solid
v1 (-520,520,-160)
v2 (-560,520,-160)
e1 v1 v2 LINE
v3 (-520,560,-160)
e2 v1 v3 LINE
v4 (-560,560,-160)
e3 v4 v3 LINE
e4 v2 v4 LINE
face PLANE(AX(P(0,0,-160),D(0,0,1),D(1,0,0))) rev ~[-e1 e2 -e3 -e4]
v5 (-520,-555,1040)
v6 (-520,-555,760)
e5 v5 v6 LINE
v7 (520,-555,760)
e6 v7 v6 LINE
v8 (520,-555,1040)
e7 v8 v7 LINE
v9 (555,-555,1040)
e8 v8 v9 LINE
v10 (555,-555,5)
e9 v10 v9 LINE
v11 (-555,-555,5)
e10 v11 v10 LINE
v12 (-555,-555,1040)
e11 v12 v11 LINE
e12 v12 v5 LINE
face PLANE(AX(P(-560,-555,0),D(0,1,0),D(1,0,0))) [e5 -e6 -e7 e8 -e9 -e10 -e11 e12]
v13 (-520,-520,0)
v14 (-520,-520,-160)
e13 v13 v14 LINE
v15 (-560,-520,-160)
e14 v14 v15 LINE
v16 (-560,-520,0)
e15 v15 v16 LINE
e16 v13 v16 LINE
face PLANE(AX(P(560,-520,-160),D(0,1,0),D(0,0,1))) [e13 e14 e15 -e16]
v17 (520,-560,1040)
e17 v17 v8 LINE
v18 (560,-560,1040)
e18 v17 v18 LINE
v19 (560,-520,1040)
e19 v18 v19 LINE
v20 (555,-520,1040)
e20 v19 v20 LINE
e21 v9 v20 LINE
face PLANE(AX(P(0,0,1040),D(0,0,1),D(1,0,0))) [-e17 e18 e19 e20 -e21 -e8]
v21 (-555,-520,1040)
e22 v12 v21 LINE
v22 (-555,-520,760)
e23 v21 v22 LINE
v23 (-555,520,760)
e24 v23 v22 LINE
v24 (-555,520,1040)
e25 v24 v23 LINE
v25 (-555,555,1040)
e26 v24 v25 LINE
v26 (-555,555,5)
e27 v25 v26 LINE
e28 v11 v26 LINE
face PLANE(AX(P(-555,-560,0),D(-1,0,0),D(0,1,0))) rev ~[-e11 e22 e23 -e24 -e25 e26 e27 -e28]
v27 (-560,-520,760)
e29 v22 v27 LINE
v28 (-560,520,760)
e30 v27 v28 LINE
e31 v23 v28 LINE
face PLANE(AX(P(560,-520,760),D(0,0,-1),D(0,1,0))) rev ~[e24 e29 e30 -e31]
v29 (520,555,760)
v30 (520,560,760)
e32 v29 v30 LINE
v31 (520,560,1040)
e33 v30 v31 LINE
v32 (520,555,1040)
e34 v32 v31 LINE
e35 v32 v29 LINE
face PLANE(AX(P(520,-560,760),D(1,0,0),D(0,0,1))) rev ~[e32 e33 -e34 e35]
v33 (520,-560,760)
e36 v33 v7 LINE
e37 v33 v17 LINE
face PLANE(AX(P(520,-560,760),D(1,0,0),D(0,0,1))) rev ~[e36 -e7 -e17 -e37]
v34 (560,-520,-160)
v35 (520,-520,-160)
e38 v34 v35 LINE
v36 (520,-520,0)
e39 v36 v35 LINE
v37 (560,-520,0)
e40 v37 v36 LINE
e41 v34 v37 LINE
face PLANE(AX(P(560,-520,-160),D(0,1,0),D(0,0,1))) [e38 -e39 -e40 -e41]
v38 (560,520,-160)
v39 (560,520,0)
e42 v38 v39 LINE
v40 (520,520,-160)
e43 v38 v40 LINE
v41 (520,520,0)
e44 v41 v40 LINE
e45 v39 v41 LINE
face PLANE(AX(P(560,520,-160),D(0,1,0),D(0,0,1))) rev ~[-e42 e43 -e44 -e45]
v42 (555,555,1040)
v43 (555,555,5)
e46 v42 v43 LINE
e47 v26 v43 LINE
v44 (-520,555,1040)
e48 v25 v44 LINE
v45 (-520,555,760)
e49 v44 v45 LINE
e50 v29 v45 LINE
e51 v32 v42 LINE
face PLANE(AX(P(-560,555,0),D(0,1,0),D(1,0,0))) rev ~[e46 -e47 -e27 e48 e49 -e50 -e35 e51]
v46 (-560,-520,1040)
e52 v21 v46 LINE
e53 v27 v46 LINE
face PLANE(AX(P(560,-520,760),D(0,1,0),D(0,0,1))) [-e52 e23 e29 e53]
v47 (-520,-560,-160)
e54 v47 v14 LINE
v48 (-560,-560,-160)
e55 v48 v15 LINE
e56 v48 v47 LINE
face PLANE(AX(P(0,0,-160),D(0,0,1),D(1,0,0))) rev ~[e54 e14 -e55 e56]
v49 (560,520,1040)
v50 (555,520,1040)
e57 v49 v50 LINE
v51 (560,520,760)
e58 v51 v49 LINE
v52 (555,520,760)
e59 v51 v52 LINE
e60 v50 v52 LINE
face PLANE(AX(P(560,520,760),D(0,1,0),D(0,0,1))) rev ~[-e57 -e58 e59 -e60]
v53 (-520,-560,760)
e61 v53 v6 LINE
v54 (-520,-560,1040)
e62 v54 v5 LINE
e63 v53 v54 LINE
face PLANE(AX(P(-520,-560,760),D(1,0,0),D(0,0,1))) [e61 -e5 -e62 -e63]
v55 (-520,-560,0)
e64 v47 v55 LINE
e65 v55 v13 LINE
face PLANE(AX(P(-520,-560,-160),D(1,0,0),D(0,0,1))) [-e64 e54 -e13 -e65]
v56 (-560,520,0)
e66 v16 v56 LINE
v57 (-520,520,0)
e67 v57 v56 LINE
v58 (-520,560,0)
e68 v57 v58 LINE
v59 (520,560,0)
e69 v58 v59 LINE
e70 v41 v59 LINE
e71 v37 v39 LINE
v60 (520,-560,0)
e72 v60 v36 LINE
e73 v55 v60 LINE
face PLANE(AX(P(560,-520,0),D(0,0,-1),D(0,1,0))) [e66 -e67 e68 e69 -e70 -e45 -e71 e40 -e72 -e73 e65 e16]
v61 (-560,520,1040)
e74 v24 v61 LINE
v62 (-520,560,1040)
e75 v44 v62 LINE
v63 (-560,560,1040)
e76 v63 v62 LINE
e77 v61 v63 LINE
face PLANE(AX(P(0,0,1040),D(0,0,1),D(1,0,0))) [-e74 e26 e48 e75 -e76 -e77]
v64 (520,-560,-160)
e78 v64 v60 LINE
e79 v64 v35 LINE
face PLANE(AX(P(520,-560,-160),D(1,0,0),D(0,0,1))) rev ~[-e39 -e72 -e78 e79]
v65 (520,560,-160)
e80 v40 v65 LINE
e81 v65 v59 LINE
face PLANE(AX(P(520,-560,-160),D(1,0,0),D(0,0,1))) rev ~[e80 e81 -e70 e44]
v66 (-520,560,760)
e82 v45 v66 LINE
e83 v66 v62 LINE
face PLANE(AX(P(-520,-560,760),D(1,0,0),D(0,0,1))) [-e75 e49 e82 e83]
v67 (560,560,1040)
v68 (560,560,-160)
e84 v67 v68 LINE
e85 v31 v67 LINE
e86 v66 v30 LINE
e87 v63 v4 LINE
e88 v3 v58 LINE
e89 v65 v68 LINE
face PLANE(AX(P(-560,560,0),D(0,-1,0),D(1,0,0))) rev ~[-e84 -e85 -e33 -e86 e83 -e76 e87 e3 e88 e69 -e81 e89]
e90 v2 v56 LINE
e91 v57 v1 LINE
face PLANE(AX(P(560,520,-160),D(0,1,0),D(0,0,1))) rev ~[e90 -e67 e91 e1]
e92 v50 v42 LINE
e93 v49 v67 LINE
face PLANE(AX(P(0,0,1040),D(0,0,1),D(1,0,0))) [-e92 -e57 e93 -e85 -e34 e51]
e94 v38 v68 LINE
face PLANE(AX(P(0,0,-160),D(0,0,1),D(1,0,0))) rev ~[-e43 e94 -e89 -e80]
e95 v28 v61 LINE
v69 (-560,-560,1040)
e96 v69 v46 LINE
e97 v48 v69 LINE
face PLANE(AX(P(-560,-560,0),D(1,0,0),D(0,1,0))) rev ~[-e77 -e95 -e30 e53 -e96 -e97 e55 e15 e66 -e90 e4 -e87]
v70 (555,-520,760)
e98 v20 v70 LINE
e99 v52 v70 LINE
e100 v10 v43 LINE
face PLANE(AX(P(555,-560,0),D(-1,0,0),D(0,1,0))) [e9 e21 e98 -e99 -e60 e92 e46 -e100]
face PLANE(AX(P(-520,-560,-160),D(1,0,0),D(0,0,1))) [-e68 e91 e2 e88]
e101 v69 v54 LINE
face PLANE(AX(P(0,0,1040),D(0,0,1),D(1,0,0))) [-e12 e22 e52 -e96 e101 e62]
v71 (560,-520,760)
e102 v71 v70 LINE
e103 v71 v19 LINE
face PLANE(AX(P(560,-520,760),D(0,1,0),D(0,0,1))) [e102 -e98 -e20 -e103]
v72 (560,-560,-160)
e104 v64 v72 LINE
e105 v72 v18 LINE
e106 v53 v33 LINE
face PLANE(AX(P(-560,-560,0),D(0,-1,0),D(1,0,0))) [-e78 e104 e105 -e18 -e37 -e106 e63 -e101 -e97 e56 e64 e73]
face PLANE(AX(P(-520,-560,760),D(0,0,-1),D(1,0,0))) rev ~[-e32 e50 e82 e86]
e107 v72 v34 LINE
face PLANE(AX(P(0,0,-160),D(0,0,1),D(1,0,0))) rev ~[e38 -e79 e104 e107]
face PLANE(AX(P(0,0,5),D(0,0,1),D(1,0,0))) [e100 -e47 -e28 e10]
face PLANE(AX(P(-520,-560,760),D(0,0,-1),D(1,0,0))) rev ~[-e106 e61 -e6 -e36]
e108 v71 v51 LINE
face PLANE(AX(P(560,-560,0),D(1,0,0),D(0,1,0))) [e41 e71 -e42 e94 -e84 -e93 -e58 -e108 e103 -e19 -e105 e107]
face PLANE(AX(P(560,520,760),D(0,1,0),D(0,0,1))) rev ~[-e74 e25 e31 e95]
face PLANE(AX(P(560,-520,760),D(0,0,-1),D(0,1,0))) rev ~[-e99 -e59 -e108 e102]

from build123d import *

# Parameters (mm, degrees)
F0_W     = 1120
F0_H     = 1120
F1_DEPTH = 1040
F2_T     = -5
F3_DEPTH = 160
F4_W     = 1040
F4_H     = 280
F4_H_2   = 160
F5_DEPTH = 1120.001
F6_W     = 1040
F6_H     = 280
F6_H_2   = 160
F7_DEPTH = 1120.001


with BuildPart() as f1:
    # F0 (on Top) → F1 (new body)
    with BuildSketch(Plane.XY):
        Rectangle(F0_W, F0_H)
    extrude(amount=F1_DEPTH)

    # F2
    f2_openings = [f1.faces().sort_by_distance(p)[0] for p in [
        (0, 0, 1040),
    ]]
    offset(amount=F2_T, openings=f2_openings)

    # F0 (on Top) → F3 (join)
    with BuildSketch(Plane.XY):
        Rectangle(F0_W, F0_H)
    extrude(amount=-F3_DEPTH)

    # F4 (on face) → F5 (cut, through all)
    with BuildSketch(Plane.YZ.offset(560)):
        with Locations((0, 900)):
            Rectangle(F4_W, F4_H)
        with Locations((0, -80)):
            Rectangle(F4_W, F4_H_2)
    extrude(amount=-F5_DEPTH, mode=Mode.SUBTRACT)

    # F6 (on face) → F7 (cut, through all)
    with BuildSketch(Plane.XZ.offset(560)):
        with Locations((0, 900)):
            Rectangle(F6_W, F6_H)
        with Locations((0, -80)):
            Rectangle(F6_W, F6_H_2)
    extrude(amount=-F7_DEPTH, mode=Mode.SUBTRACT)


solid = f1.part
